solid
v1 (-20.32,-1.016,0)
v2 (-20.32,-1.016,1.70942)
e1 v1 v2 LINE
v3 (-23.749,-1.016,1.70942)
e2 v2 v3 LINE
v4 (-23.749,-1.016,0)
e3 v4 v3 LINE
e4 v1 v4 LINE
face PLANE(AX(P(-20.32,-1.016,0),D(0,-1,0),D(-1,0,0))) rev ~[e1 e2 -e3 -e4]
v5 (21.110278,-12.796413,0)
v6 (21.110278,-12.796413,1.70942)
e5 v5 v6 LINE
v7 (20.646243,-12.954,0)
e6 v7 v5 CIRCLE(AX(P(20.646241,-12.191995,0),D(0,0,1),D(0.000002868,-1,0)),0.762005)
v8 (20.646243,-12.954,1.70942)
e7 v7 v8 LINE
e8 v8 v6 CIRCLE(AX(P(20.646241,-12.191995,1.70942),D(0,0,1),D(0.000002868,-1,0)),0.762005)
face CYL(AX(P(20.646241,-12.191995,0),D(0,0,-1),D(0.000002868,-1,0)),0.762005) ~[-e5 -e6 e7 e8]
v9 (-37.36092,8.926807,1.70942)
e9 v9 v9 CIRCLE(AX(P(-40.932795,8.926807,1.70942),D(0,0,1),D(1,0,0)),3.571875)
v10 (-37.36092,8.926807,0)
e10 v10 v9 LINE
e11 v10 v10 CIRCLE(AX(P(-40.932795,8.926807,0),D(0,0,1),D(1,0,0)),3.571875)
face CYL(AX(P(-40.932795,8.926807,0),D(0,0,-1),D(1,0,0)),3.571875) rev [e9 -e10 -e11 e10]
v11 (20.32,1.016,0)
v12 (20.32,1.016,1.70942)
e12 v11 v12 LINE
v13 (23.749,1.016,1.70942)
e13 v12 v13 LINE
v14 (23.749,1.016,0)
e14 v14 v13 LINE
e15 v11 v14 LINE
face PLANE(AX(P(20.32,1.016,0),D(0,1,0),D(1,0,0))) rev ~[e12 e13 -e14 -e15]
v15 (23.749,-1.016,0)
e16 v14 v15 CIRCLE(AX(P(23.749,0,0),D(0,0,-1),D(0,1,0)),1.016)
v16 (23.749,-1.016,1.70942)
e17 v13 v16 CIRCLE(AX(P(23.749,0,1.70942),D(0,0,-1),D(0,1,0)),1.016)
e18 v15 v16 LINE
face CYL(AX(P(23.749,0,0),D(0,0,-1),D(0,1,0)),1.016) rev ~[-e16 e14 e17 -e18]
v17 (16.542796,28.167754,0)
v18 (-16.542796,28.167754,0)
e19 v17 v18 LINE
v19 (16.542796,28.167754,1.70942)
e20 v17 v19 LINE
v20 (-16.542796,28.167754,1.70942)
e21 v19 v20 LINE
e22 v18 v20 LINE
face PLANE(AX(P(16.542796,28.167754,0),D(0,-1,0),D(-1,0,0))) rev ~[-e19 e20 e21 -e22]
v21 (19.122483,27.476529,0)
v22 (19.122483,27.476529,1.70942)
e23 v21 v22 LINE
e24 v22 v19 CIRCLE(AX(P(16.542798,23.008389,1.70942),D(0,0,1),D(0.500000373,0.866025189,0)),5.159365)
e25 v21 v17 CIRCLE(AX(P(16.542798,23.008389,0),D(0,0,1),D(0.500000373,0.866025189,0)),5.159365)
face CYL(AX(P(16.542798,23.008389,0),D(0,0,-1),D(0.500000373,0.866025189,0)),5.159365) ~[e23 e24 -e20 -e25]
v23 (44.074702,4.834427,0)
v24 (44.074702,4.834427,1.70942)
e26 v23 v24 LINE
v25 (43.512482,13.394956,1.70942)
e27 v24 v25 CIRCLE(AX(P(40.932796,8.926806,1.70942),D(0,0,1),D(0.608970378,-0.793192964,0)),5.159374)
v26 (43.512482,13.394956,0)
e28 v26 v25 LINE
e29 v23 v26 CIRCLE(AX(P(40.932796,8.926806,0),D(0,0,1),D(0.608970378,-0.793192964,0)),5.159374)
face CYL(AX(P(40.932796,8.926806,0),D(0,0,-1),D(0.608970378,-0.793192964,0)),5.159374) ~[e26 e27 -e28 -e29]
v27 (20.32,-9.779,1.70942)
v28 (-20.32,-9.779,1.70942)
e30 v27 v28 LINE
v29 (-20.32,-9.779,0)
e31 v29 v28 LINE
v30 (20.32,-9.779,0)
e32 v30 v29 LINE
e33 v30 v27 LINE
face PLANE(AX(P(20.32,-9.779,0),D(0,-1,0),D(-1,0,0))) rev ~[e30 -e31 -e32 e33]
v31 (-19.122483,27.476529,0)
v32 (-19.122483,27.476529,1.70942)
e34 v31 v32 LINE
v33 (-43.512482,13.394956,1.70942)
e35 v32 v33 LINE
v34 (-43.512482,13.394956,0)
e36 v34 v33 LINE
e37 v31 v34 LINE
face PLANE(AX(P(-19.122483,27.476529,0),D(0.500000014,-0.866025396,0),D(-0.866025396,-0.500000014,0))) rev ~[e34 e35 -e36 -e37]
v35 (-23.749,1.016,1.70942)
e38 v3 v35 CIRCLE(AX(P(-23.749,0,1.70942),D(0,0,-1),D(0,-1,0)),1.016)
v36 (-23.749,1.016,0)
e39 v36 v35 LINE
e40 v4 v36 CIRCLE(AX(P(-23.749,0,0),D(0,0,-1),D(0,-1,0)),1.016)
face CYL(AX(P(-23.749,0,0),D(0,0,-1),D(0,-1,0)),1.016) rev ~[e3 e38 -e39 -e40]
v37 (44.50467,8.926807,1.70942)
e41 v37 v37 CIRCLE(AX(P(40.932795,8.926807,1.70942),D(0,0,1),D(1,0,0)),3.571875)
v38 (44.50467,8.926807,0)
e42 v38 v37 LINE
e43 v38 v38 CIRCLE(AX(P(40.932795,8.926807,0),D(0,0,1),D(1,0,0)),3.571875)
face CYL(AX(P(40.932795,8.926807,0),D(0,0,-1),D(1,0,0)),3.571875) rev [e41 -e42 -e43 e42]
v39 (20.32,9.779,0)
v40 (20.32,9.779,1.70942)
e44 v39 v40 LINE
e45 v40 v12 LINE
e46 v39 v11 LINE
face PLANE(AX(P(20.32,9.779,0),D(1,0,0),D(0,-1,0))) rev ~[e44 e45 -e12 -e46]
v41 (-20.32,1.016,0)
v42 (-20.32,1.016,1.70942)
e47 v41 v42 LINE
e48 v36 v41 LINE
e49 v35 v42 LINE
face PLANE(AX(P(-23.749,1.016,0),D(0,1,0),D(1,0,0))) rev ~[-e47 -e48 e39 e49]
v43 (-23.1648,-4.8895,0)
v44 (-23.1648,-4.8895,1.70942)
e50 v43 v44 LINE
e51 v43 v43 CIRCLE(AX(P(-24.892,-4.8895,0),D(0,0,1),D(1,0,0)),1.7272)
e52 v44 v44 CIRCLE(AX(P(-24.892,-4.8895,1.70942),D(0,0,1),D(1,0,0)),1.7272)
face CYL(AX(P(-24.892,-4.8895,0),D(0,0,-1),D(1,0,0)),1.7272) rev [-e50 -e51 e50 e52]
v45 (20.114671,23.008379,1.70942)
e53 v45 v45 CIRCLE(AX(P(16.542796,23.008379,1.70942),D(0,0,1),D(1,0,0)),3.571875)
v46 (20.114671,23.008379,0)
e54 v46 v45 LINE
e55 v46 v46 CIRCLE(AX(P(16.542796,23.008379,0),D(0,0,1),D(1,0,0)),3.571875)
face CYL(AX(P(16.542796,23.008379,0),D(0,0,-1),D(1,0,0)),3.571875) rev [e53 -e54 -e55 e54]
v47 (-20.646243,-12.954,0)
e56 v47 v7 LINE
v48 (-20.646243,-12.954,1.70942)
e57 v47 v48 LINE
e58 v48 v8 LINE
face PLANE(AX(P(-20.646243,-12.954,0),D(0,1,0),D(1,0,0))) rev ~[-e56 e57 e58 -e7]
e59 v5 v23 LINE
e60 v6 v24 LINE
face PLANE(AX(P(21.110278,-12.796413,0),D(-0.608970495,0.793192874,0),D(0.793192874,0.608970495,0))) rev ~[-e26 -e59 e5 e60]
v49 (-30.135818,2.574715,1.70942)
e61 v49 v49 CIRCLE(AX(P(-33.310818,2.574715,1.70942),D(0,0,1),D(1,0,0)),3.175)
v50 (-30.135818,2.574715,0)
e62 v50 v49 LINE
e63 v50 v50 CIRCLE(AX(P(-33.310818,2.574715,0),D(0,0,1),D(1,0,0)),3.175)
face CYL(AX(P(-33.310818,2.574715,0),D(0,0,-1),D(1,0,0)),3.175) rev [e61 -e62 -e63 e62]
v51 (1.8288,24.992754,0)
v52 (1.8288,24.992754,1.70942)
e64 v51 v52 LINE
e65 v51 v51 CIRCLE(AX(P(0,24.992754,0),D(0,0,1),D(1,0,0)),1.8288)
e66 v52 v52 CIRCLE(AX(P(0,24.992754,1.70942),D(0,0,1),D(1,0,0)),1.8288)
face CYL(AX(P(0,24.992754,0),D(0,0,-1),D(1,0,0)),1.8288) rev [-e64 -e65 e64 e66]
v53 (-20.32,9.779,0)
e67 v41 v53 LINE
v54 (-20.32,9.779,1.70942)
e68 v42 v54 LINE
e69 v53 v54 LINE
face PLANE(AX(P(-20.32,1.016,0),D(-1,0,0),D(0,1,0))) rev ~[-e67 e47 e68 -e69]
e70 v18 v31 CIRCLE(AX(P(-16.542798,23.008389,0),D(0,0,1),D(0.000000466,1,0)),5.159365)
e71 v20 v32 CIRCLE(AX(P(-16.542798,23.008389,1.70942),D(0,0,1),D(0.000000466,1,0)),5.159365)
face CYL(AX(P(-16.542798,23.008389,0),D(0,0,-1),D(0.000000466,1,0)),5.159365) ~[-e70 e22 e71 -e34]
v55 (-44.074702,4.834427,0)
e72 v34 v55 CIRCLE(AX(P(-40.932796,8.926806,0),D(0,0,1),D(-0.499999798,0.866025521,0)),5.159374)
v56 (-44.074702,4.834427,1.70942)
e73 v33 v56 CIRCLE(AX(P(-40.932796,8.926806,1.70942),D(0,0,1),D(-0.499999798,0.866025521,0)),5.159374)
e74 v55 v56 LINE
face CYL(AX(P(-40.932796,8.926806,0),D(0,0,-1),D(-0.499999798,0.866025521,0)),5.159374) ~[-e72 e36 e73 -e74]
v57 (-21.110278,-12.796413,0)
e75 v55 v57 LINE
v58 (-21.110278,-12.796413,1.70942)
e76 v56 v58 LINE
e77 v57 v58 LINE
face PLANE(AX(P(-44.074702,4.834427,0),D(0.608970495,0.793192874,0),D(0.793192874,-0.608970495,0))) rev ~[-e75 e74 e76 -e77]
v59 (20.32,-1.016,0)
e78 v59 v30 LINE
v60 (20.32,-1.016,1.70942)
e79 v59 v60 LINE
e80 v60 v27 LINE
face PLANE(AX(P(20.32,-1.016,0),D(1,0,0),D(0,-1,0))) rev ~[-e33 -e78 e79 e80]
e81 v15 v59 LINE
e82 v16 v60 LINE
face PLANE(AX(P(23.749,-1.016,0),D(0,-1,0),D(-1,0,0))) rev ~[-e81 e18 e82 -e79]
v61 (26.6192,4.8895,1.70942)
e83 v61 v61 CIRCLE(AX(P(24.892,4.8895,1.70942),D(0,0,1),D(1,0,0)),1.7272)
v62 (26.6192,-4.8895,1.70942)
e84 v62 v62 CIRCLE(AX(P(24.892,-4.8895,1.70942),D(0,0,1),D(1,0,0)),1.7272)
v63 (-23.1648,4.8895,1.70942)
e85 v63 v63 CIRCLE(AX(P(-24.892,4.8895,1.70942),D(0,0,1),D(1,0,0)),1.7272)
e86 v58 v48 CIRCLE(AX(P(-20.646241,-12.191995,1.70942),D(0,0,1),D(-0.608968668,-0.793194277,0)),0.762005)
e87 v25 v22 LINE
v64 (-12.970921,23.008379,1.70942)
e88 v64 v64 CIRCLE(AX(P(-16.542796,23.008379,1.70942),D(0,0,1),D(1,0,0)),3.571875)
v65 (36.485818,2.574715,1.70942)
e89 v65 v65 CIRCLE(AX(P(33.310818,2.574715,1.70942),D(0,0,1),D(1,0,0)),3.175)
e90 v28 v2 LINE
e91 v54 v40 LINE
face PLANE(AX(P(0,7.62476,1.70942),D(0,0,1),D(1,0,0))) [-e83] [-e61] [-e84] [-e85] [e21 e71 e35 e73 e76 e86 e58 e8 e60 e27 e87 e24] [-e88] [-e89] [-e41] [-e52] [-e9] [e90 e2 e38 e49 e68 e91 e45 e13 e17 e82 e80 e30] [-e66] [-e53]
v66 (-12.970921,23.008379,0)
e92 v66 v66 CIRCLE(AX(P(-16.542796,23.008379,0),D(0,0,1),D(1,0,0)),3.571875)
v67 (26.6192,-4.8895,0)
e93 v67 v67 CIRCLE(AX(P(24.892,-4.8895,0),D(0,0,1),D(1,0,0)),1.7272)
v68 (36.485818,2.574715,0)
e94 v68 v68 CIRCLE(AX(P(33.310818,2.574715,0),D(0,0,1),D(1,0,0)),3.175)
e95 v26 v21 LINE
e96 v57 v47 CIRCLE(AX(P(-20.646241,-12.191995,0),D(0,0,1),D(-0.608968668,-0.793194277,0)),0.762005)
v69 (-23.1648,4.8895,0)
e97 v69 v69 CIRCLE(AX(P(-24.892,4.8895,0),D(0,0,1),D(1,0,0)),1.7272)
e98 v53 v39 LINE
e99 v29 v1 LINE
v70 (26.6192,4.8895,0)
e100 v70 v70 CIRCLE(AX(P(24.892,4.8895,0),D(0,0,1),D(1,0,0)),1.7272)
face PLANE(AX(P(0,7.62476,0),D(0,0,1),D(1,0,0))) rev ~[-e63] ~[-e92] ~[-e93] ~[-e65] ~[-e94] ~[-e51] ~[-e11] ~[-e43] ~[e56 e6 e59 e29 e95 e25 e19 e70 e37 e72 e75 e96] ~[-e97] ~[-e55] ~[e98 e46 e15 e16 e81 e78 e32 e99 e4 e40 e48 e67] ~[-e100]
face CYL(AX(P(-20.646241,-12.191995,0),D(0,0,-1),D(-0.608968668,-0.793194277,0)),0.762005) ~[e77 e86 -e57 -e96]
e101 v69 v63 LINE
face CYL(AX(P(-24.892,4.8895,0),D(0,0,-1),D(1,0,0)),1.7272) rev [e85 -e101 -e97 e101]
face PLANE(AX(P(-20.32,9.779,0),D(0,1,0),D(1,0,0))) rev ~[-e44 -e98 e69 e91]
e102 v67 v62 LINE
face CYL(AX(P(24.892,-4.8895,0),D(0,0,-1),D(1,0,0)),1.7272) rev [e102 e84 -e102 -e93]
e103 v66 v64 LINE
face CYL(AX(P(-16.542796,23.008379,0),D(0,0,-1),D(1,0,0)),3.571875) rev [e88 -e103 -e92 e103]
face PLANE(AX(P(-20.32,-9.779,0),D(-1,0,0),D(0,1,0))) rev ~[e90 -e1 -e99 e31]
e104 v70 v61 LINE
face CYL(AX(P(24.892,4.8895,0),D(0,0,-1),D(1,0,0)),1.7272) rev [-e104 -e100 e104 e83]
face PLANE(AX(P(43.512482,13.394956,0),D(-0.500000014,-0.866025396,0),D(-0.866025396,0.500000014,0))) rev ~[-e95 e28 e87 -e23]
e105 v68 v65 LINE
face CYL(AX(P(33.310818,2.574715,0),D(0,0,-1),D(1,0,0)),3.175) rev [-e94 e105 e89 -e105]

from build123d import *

# Parameters (mm, degrees)
F0_R     = 1.7272
F0_R_2   = 3.175
F0_R_3   = 3.571875
F0_R_4   = 1.8288
F1_DEPTH = 1.70942


with BuildPart() as f1:
    # F0 (on Top) → F1 (new body)
    with BuildSketch(Plane.XY):
        with BuildLine():
            Line((16.542796, 28.167754), (-16.542796, 28.167754))
            ThreePointArc((-16.542796, 28.167754), (-17.87814, 27.991953), (-19.122483, 27.476529))
            Line((-19.122483, 27.476529), (-43.512482, 13.394956))
            ThreePointArc((-43.512482, 13.394956), (-46.081079, 9.264924), (-44.074702, 4.834427))
            Line((-44.074702, 4.834427), (-21.110278, -12.796413))
            ThreePointArc((-21.110278, -12.796413), (-20.891275, -12.913528), (-20.646243, -12.954))
            Line((-20.646243, -12.954), (20.646243, -12.954))
            ThreePointArc((20.646243, -12.954), (20.891275, -12.913528), (21.110278, -12.796413))
            Line((21.110278, -12.796413), (44.074702, 4.834427))
            ThreePointArc((44.074702, 4.834427), (46.081079, 9.264924), (43.512482, 13.394956))
            Line((43.512482, 13.394956), (19.122483, 27.476529))
            ThreePointArc((19.122483, 27.476529), (17.87814, 27.991953), (16.542796, 28.167754))
        make_face()
        with Locations((-24.892, -4.8895)):
            Circle(F0_R, mode=Mode.SUBTRACT)
        with Locations((-33.310818, 2.574715)):
            Circle(F0_R_2, mode=Mode.SUBTRACT)
        with Locations((-24.892, 4.8895)):
            Circle(F0_R, mode=Mode.SUBTRACT)
        with Locations((24.892, -4.8895)):
            Circle(F0_R, mode=Mode.SUBTRACT)
        with BuildLine():
            Line((23.749, -1.016), (20.32, -1.016))
            Line((20.32, -1.016), (20.32, -9.779))
            Line((20.32, -9.779), (-20.32, -9.779))
            Line((-20.32, -9.779), (-20.32, -1.016))
            Line((-20.32, -1.016), (-23.749, -1.016))
            ThreePointArc((-23.749, -1.016), (-24.765, 0), (-23.749, 1.016))
            Line((-23.749, 1.016), (-20.32, 1.016))
            Line((-20.32, 1.016), (-20.32, 9.779))
            Line((-20.32, 9.779), (20.32, 9.779))
            Line((20.32, 9.779), (20.32, 1.016))
            Line((20.32, 1.016), (23.749, 1.016))
            ThreePointArc((23.749, 1.016), (24.765, 0), (23.749, -1.016))
        make_face(mode=Mode.SUBTRACT)
        with Locations((24.892, 4.8895)):
            Circle(F0_R, mode=Mode.SUBTRACT)
        with Locations((33.310818, 2.574715)):
            Circle(F0_R_2, mode=Mode.SUBTRACT)
        with Locations((-40.932795, 8.926807)):
            Circle(F0_R_3, mode=Mode.SUBTRACT)
        with Locations((-16.542796, 23.008379)):
            Circle(F0_R_3, mode=Mode.SUBTRACT)
        with Locations((40.932795, 8.926807)):
            Circle(F0_R_3, mode=Mode.SUBTRACT)
        with Locations((16.542796, 23.008379)):
            Circle(F0_R_3, mode=Mode.SUBTRACT)
        with Locations((0, 24.992754)):
            Circle(F0_R_4, mode=Mode.SUBTRACT)
    extrude(amount=F1_DEPTH)


solid = f1.part
